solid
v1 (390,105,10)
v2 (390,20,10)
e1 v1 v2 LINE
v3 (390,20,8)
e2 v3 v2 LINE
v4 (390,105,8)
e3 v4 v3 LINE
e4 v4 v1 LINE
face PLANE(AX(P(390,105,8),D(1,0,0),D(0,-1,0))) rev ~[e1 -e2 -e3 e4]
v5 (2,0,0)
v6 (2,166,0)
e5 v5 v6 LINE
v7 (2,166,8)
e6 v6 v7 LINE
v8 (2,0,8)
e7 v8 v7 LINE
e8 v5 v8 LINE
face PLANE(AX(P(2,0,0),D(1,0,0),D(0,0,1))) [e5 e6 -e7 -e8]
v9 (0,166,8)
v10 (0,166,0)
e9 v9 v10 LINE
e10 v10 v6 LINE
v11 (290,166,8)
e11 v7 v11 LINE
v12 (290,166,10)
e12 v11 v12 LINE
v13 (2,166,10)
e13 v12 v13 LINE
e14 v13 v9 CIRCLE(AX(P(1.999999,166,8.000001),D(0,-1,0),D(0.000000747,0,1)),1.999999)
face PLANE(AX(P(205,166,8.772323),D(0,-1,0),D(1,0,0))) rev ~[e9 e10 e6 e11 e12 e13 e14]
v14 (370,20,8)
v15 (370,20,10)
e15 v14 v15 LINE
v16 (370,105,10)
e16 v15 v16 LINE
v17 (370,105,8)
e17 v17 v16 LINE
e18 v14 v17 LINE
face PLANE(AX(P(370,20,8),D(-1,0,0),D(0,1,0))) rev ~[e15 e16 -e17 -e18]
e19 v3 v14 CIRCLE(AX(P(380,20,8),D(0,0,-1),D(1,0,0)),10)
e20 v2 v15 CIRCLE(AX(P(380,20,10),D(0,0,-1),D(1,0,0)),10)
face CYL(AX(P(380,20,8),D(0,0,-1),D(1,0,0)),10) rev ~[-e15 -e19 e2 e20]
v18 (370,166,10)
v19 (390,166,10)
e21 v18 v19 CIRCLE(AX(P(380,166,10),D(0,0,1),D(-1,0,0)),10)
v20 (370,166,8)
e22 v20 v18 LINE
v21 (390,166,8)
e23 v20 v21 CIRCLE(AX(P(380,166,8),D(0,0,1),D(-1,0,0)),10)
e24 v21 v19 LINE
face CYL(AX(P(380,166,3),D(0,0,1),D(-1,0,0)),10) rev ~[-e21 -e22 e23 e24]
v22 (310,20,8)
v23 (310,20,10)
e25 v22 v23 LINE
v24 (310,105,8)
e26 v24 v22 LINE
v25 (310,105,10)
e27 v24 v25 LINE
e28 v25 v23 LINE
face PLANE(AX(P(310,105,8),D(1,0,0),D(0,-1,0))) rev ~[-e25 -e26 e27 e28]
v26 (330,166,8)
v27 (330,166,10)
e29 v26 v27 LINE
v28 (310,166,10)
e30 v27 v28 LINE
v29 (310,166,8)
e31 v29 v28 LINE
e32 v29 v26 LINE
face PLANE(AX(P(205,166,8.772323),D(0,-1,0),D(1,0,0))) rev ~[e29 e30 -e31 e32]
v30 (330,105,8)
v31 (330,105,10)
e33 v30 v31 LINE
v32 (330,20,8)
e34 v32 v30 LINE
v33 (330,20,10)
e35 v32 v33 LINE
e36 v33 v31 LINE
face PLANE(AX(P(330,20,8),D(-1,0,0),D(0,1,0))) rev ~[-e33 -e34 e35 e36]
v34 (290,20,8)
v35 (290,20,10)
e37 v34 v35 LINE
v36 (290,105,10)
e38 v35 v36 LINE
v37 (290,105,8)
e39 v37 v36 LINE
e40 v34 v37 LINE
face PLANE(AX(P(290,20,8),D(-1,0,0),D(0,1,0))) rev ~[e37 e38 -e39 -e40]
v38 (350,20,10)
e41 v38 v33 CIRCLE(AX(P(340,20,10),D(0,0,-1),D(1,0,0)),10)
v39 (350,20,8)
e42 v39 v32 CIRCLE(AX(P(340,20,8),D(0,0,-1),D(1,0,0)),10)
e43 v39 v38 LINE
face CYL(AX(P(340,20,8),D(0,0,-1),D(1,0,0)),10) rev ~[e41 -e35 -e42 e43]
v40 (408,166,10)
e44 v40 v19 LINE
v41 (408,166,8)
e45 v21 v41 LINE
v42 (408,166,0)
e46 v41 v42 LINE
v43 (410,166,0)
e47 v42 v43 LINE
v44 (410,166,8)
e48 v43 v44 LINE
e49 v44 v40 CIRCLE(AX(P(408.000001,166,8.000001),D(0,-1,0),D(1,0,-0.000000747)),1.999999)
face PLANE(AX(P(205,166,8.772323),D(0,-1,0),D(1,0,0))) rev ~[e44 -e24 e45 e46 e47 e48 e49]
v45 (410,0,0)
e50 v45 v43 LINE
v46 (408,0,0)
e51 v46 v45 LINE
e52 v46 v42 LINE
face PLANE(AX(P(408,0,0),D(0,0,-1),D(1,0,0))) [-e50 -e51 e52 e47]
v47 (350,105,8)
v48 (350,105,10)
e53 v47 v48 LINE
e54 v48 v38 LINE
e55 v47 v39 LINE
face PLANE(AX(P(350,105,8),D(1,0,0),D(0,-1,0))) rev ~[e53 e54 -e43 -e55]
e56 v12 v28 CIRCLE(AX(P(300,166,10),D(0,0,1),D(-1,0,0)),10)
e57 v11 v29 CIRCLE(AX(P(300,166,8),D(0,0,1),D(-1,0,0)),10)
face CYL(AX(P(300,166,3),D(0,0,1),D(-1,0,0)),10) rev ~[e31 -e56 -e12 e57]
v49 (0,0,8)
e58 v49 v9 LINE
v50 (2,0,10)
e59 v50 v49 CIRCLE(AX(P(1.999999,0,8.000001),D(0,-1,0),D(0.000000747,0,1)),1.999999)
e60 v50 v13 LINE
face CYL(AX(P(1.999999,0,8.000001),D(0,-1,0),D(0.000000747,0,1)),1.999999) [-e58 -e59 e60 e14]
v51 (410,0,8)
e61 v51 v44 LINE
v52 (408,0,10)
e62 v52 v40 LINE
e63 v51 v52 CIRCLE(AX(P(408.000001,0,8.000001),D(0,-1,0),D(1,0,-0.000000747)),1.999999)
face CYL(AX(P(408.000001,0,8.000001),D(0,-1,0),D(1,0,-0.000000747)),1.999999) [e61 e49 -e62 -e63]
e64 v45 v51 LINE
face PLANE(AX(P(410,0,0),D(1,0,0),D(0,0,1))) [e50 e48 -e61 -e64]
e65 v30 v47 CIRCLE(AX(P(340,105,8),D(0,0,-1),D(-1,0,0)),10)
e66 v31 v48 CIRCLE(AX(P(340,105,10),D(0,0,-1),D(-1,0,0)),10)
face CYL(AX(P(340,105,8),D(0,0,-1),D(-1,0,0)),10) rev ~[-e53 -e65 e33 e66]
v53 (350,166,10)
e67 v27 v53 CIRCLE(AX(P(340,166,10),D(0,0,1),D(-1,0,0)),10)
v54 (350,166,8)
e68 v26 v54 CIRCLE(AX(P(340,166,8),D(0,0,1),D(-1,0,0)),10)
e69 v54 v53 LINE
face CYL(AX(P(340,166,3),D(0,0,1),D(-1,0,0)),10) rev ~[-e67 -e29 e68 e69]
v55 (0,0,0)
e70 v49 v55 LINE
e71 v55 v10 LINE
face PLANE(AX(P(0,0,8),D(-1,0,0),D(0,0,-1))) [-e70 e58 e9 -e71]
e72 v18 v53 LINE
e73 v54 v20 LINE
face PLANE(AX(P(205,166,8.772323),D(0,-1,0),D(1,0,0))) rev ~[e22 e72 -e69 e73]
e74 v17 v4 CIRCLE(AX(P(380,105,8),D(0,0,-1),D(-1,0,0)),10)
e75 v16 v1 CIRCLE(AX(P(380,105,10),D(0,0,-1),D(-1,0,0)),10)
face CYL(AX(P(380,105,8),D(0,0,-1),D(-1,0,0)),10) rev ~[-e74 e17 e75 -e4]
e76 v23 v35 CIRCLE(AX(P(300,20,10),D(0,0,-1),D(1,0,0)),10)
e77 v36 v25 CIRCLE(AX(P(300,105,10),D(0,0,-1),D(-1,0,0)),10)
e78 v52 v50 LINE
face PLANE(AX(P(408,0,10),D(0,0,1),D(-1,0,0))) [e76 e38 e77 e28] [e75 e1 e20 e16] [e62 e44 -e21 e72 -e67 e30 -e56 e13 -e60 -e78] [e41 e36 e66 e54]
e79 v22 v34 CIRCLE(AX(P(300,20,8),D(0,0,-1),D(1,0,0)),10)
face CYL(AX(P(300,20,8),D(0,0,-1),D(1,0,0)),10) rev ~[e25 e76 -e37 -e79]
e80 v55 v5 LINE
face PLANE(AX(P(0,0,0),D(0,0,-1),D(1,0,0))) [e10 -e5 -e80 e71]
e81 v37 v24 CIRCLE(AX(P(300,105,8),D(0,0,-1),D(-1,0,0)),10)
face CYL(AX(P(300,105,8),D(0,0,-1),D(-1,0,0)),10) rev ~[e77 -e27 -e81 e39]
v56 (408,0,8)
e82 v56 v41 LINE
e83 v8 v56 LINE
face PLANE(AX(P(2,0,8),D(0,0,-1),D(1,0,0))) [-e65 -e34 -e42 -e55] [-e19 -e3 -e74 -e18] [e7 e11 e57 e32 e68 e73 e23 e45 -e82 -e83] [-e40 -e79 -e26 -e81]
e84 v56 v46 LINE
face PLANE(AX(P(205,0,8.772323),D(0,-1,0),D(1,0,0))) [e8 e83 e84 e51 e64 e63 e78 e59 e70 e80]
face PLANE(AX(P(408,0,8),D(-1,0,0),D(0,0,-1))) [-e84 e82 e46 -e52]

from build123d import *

# Parameters (mm, degrees)
F1_DEPTH = 166
F3_DEPTH = 2
F4_D     = 20
F4_DEPTH = 5


with BuildPart() as f1:
    # F0 (on Front) → F1 (new body)
    with BuildSketch(Plane.XZ):
        with BuildLine():
            Line((0, 8), (0, 0))
            Line((0, 0), (2, 0))
            Line((2, 0), (2, 8))
            Line((2, 8), (408, 8))
            Line((408, 8), (408, 0))
            Line((408, 0), (410, 0))
            Line((410, 0), (410, 8))
            ThreePointArc((410, 8), (409.414214, 9.414214), (408, 10))
            Line((408, 10), (2, 10))
            ThreePointArc((2, 10), (0.585786, 9.414214), (0, 8))
        make_face()
    extrude(amount=-F1_DEPTH)

    # F2 (on face) → F3 (cut, through all)
    with BuildSketch(Plane(origin=(0, 0, 8), x_dir=(1, 0, 0), z_dir=(0, 0, -1))):
        with BuildLine():
            ThreePointArc((310, -20), (300, -10), (290, -20))
            Line((290, -20), (290, -105))
            ThreePointArc((290, -105), (300, -115), (310, -105))
            Line((310, -105), (310, -20))
        make_face()
        with BuildLine():
            ThreePointArc((350, -20), (340, -10), (330, -20))
            Line((330, -20), (330, -105))
            ThreePointArc((330, -105), (340, -115), (350, -105))
            Line((350, -105), (350, -20))
        make_face()
        with BuildLine():
            ThreePointArc((390, -20), (380, -10), (370, -20))
            Line((370, -20), (370, -105))
            ThreePointArc((370, -105), (380, -115), (390, -105))
            Line((390, -105), (390, -20))
        make_face()
    extrude(amount=-F3_DEPTH, mode=Mode.SUBTRACT)

    # F4
    with Locations(Plane(origin=(0, 0, 8), x_dir=(1, 0, 0), z_dir=(0, 0, -1))):
        with Locations((300, -166), (340, -166), (380, -166)):
            Hole(F4_D / 2, depth=F4_DEPTH)


solid = f1.part
